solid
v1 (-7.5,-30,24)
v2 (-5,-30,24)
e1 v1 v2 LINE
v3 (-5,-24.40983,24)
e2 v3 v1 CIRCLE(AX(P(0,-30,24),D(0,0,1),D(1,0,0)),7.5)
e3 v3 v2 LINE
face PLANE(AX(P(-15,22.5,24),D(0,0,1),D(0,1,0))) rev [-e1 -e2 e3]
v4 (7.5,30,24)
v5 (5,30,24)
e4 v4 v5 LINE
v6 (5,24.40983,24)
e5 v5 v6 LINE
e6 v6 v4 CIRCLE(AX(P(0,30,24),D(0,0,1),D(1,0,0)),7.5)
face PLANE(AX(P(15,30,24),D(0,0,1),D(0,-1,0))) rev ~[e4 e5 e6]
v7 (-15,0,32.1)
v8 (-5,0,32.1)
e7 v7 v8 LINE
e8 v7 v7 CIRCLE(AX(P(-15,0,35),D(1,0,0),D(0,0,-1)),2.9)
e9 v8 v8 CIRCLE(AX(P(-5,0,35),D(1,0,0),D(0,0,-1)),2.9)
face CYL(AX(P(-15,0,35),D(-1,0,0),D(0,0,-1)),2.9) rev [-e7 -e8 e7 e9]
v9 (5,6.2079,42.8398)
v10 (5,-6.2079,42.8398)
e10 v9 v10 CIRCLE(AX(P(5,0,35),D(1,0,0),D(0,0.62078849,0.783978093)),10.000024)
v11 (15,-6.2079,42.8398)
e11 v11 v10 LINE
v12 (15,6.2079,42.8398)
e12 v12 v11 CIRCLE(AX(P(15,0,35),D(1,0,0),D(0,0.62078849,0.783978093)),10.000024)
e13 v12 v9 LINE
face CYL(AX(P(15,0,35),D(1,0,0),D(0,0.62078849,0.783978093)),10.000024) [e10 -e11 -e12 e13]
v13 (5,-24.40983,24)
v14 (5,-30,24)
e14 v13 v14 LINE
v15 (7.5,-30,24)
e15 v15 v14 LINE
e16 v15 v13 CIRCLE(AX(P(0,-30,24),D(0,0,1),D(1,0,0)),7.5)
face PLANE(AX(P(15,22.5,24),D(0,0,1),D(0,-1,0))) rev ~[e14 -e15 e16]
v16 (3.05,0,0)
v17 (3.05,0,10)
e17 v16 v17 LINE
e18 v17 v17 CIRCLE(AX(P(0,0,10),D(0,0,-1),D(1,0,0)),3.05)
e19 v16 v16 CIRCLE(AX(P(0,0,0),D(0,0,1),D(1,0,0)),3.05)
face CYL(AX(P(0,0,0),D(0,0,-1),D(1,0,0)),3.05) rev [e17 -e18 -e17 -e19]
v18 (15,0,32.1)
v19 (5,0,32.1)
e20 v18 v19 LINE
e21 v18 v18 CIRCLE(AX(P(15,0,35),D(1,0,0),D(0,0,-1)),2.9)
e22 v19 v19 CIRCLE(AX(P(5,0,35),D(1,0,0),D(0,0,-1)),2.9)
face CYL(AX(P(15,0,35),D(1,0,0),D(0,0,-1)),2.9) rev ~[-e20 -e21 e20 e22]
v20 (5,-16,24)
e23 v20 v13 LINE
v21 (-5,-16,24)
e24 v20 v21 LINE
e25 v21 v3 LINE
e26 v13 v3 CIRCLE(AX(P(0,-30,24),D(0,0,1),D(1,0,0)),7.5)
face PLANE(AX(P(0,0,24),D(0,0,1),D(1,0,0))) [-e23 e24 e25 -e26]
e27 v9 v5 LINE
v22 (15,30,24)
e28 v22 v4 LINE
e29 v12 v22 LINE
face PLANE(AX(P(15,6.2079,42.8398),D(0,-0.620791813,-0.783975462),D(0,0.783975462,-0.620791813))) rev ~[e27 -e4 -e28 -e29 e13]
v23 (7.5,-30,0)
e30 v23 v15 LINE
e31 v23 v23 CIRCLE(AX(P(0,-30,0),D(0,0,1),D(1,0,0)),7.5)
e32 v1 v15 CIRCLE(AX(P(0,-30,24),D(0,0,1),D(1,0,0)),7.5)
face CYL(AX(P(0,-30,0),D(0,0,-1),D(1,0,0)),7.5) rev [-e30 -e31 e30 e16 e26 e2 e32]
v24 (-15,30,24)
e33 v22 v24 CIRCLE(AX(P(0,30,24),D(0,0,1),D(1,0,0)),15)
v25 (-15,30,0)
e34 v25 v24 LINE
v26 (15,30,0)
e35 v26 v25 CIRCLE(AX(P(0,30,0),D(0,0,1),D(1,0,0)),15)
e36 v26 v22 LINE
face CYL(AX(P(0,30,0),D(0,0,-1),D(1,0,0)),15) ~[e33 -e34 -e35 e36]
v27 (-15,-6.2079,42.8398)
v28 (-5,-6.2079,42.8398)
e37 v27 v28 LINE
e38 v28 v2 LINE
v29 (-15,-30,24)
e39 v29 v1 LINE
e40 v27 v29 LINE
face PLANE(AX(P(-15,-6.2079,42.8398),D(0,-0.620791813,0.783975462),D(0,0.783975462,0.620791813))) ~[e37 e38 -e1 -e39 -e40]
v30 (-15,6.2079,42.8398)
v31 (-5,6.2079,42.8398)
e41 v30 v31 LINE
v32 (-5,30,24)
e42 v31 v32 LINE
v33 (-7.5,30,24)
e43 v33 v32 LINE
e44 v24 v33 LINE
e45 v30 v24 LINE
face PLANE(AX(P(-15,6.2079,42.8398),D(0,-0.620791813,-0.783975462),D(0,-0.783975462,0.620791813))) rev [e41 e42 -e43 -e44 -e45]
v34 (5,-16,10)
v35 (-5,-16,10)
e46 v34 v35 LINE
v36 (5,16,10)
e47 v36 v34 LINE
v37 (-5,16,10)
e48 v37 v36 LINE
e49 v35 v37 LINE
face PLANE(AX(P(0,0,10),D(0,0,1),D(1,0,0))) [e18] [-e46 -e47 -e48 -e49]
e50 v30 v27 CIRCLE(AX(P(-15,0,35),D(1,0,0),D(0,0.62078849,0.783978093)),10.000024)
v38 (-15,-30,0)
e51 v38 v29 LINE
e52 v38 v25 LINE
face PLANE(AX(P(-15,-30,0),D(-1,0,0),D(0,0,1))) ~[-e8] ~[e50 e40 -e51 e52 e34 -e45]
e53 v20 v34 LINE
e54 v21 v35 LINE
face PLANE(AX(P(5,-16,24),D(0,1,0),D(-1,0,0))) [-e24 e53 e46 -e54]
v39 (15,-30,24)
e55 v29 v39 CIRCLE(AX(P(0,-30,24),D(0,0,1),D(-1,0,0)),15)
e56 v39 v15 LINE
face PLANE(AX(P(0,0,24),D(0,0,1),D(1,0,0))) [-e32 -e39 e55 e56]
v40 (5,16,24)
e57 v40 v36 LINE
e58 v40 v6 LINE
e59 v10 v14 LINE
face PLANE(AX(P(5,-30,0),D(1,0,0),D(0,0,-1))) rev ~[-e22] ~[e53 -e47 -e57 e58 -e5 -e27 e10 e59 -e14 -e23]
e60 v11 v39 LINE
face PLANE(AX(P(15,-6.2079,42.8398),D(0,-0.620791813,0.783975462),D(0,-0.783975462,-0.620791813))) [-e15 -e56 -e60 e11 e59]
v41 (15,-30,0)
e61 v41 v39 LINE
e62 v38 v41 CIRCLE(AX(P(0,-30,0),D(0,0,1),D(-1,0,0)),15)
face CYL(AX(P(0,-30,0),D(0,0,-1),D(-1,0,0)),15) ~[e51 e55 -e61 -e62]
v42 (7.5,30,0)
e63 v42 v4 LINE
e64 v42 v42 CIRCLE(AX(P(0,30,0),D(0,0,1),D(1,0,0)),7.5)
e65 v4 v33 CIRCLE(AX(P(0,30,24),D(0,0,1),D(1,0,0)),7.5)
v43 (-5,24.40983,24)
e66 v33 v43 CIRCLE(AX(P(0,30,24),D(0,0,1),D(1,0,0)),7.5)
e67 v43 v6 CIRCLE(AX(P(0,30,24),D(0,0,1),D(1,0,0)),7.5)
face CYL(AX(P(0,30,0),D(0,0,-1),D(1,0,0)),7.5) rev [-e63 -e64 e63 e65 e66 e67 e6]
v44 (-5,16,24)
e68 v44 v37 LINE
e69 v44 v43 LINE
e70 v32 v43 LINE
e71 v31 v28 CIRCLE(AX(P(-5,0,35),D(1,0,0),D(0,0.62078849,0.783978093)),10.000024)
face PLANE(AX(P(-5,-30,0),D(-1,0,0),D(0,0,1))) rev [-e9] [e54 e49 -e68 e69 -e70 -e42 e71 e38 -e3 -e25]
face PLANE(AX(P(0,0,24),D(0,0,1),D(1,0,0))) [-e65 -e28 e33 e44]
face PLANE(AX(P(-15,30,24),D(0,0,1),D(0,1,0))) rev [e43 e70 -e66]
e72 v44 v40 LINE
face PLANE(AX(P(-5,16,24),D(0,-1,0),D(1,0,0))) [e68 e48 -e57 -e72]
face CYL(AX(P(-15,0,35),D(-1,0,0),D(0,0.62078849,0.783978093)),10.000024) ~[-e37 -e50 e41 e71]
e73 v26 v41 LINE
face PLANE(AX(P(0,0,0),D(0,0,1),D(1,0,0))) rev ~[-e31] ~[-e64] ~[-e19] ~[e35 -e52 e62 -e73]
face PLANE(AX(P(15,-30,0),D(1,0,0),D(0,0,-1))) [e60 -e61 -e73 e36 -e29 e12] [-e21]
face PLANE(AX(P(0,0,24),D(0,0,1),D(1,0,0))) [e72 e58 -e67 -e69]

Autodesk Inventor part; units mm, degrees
ref_plane "YZ Plane" through (0, 0, 0) normal (1, 0, 0) x (0, 1, 0)
ref_plane "XZ Plane" through (0, 0, 0) normal (0, 1, 0) x (-1, 0, 0)
ref_plane "XY Plane" through (0, 0, 0) normal (0, 0, 1) x (1, 0, 0)
sketch "Sketch1" plane through (0, 0, 0) normal (0, 0, 1) x (1, 0, 0)
  circle A0 centre (0, 0) radius 3.05
  line L0 (0, 30) -> (0, -30) construction
  circle A1 centre (0, 30) radius 7.5
  circle A2 centre (0, -30) radius 7.5
  line L1 (0, 30) -> (0, -30) construction
  line L2 (15, 30) -> (15, -30)
  line L3 (-15, -30) -> (-15, 30)
  arc A3 (15, 30) -> (-15, 30) centre (0, 30) ccw
  arc A4 (-15, -30) -> (15, -30) centre (0, -30) ccw
  point P0 (0, 0)
  dimension "d0" = 30
  dimension "d1" = 6.1
  dimension "d2" = 15
  dimension "d3" = 30
extrude "Extrusion1" add sketch "Sketch1" along normal blind 24
sketch "Sketch2" plane through (0, 0, 24) normal (0, 0, 1) x (1, 0, 0)
  circle A0 centre (0, -30) radius 7.5 construction
  circle A1 centre (0, 30) radius 7.5 construction
  circle A2 centre (0, 0) radius 3.05 construction
  line L0 (15, -30) -> (15, 30) construction
  arc A3 (15, 30) -> (-15, 30) centre (0, 30) ccw construction
  line L1 (-15, 30) -> (-15, -30) construction
  arc A4 (-15, -30) -> (15, -30) centre (0, -30) ccw construction
  line L2 (5, -16) -> (-5, -16)
  line L3 (-5, -16) -> (-5, 16)
  line L4 (-5, 16) -> (5, 16)
  line L5 (5, 16) -> (5, -16)
  line L6 (5, -16) -> (-5, 16) construction
  line L7 (-5, -16) -> (5, 16) construction
  dimension "d6" = 10
  dimension "d7" = 32
extrude "Extrusion2" cut sketch "Sketch2" against normal blind 14
sketch "Sketch3" plane through (15, -30, 0) normal (1, 0, 0) x (0, 0, -1)
  line L0 (0, 60) -> (0, 0) construction
  line L1 (0, 60) -> (-24, 60) construction
  line L2 (-24, 0) -> (-24, 60) construction
  line L3 (0, 0) -> (-24, 0) construction
  line L4 (-24, 14) -> (-24, 46) construction
  line L5 (-24, 14) -> (-10, 14) construction
  line L6 (-10, 14) -> (-10, 46) construction
  line L7 (-24, 46) -> (-10, 46) construction
  line L8 (-24, 30) -> (-35, 30) construction
  circle A0 centre (-35, 30) radius 2.9
  arc A1 (-42.8398, 36.2079) -> (-42.8398, 23.7921) centre (-35, 30) ccw
  line L9 (-42.8398, 36.2079) -> (-24, 60)
  line L10 (-42.8398, 23.7921) -> (-24, 0)
  line L11 (-24, 60) -> (-24, 0)
  line L12 (-24, 52.5) -> (-24, 67.5) projected
  point P0 (0, 30)
  dimension "d10" = 25
  dimension "d11" = 5.8
  dimension "d12" = 10
extrude "Extrusion3" add sketch "Sketch3" against normal up to surface (10 mm away)
mirror "Mirror1" about plane through (0, 0, 0) normal (1, 0, 0) of "Extrusion3"
properties part number "combo cross head"
